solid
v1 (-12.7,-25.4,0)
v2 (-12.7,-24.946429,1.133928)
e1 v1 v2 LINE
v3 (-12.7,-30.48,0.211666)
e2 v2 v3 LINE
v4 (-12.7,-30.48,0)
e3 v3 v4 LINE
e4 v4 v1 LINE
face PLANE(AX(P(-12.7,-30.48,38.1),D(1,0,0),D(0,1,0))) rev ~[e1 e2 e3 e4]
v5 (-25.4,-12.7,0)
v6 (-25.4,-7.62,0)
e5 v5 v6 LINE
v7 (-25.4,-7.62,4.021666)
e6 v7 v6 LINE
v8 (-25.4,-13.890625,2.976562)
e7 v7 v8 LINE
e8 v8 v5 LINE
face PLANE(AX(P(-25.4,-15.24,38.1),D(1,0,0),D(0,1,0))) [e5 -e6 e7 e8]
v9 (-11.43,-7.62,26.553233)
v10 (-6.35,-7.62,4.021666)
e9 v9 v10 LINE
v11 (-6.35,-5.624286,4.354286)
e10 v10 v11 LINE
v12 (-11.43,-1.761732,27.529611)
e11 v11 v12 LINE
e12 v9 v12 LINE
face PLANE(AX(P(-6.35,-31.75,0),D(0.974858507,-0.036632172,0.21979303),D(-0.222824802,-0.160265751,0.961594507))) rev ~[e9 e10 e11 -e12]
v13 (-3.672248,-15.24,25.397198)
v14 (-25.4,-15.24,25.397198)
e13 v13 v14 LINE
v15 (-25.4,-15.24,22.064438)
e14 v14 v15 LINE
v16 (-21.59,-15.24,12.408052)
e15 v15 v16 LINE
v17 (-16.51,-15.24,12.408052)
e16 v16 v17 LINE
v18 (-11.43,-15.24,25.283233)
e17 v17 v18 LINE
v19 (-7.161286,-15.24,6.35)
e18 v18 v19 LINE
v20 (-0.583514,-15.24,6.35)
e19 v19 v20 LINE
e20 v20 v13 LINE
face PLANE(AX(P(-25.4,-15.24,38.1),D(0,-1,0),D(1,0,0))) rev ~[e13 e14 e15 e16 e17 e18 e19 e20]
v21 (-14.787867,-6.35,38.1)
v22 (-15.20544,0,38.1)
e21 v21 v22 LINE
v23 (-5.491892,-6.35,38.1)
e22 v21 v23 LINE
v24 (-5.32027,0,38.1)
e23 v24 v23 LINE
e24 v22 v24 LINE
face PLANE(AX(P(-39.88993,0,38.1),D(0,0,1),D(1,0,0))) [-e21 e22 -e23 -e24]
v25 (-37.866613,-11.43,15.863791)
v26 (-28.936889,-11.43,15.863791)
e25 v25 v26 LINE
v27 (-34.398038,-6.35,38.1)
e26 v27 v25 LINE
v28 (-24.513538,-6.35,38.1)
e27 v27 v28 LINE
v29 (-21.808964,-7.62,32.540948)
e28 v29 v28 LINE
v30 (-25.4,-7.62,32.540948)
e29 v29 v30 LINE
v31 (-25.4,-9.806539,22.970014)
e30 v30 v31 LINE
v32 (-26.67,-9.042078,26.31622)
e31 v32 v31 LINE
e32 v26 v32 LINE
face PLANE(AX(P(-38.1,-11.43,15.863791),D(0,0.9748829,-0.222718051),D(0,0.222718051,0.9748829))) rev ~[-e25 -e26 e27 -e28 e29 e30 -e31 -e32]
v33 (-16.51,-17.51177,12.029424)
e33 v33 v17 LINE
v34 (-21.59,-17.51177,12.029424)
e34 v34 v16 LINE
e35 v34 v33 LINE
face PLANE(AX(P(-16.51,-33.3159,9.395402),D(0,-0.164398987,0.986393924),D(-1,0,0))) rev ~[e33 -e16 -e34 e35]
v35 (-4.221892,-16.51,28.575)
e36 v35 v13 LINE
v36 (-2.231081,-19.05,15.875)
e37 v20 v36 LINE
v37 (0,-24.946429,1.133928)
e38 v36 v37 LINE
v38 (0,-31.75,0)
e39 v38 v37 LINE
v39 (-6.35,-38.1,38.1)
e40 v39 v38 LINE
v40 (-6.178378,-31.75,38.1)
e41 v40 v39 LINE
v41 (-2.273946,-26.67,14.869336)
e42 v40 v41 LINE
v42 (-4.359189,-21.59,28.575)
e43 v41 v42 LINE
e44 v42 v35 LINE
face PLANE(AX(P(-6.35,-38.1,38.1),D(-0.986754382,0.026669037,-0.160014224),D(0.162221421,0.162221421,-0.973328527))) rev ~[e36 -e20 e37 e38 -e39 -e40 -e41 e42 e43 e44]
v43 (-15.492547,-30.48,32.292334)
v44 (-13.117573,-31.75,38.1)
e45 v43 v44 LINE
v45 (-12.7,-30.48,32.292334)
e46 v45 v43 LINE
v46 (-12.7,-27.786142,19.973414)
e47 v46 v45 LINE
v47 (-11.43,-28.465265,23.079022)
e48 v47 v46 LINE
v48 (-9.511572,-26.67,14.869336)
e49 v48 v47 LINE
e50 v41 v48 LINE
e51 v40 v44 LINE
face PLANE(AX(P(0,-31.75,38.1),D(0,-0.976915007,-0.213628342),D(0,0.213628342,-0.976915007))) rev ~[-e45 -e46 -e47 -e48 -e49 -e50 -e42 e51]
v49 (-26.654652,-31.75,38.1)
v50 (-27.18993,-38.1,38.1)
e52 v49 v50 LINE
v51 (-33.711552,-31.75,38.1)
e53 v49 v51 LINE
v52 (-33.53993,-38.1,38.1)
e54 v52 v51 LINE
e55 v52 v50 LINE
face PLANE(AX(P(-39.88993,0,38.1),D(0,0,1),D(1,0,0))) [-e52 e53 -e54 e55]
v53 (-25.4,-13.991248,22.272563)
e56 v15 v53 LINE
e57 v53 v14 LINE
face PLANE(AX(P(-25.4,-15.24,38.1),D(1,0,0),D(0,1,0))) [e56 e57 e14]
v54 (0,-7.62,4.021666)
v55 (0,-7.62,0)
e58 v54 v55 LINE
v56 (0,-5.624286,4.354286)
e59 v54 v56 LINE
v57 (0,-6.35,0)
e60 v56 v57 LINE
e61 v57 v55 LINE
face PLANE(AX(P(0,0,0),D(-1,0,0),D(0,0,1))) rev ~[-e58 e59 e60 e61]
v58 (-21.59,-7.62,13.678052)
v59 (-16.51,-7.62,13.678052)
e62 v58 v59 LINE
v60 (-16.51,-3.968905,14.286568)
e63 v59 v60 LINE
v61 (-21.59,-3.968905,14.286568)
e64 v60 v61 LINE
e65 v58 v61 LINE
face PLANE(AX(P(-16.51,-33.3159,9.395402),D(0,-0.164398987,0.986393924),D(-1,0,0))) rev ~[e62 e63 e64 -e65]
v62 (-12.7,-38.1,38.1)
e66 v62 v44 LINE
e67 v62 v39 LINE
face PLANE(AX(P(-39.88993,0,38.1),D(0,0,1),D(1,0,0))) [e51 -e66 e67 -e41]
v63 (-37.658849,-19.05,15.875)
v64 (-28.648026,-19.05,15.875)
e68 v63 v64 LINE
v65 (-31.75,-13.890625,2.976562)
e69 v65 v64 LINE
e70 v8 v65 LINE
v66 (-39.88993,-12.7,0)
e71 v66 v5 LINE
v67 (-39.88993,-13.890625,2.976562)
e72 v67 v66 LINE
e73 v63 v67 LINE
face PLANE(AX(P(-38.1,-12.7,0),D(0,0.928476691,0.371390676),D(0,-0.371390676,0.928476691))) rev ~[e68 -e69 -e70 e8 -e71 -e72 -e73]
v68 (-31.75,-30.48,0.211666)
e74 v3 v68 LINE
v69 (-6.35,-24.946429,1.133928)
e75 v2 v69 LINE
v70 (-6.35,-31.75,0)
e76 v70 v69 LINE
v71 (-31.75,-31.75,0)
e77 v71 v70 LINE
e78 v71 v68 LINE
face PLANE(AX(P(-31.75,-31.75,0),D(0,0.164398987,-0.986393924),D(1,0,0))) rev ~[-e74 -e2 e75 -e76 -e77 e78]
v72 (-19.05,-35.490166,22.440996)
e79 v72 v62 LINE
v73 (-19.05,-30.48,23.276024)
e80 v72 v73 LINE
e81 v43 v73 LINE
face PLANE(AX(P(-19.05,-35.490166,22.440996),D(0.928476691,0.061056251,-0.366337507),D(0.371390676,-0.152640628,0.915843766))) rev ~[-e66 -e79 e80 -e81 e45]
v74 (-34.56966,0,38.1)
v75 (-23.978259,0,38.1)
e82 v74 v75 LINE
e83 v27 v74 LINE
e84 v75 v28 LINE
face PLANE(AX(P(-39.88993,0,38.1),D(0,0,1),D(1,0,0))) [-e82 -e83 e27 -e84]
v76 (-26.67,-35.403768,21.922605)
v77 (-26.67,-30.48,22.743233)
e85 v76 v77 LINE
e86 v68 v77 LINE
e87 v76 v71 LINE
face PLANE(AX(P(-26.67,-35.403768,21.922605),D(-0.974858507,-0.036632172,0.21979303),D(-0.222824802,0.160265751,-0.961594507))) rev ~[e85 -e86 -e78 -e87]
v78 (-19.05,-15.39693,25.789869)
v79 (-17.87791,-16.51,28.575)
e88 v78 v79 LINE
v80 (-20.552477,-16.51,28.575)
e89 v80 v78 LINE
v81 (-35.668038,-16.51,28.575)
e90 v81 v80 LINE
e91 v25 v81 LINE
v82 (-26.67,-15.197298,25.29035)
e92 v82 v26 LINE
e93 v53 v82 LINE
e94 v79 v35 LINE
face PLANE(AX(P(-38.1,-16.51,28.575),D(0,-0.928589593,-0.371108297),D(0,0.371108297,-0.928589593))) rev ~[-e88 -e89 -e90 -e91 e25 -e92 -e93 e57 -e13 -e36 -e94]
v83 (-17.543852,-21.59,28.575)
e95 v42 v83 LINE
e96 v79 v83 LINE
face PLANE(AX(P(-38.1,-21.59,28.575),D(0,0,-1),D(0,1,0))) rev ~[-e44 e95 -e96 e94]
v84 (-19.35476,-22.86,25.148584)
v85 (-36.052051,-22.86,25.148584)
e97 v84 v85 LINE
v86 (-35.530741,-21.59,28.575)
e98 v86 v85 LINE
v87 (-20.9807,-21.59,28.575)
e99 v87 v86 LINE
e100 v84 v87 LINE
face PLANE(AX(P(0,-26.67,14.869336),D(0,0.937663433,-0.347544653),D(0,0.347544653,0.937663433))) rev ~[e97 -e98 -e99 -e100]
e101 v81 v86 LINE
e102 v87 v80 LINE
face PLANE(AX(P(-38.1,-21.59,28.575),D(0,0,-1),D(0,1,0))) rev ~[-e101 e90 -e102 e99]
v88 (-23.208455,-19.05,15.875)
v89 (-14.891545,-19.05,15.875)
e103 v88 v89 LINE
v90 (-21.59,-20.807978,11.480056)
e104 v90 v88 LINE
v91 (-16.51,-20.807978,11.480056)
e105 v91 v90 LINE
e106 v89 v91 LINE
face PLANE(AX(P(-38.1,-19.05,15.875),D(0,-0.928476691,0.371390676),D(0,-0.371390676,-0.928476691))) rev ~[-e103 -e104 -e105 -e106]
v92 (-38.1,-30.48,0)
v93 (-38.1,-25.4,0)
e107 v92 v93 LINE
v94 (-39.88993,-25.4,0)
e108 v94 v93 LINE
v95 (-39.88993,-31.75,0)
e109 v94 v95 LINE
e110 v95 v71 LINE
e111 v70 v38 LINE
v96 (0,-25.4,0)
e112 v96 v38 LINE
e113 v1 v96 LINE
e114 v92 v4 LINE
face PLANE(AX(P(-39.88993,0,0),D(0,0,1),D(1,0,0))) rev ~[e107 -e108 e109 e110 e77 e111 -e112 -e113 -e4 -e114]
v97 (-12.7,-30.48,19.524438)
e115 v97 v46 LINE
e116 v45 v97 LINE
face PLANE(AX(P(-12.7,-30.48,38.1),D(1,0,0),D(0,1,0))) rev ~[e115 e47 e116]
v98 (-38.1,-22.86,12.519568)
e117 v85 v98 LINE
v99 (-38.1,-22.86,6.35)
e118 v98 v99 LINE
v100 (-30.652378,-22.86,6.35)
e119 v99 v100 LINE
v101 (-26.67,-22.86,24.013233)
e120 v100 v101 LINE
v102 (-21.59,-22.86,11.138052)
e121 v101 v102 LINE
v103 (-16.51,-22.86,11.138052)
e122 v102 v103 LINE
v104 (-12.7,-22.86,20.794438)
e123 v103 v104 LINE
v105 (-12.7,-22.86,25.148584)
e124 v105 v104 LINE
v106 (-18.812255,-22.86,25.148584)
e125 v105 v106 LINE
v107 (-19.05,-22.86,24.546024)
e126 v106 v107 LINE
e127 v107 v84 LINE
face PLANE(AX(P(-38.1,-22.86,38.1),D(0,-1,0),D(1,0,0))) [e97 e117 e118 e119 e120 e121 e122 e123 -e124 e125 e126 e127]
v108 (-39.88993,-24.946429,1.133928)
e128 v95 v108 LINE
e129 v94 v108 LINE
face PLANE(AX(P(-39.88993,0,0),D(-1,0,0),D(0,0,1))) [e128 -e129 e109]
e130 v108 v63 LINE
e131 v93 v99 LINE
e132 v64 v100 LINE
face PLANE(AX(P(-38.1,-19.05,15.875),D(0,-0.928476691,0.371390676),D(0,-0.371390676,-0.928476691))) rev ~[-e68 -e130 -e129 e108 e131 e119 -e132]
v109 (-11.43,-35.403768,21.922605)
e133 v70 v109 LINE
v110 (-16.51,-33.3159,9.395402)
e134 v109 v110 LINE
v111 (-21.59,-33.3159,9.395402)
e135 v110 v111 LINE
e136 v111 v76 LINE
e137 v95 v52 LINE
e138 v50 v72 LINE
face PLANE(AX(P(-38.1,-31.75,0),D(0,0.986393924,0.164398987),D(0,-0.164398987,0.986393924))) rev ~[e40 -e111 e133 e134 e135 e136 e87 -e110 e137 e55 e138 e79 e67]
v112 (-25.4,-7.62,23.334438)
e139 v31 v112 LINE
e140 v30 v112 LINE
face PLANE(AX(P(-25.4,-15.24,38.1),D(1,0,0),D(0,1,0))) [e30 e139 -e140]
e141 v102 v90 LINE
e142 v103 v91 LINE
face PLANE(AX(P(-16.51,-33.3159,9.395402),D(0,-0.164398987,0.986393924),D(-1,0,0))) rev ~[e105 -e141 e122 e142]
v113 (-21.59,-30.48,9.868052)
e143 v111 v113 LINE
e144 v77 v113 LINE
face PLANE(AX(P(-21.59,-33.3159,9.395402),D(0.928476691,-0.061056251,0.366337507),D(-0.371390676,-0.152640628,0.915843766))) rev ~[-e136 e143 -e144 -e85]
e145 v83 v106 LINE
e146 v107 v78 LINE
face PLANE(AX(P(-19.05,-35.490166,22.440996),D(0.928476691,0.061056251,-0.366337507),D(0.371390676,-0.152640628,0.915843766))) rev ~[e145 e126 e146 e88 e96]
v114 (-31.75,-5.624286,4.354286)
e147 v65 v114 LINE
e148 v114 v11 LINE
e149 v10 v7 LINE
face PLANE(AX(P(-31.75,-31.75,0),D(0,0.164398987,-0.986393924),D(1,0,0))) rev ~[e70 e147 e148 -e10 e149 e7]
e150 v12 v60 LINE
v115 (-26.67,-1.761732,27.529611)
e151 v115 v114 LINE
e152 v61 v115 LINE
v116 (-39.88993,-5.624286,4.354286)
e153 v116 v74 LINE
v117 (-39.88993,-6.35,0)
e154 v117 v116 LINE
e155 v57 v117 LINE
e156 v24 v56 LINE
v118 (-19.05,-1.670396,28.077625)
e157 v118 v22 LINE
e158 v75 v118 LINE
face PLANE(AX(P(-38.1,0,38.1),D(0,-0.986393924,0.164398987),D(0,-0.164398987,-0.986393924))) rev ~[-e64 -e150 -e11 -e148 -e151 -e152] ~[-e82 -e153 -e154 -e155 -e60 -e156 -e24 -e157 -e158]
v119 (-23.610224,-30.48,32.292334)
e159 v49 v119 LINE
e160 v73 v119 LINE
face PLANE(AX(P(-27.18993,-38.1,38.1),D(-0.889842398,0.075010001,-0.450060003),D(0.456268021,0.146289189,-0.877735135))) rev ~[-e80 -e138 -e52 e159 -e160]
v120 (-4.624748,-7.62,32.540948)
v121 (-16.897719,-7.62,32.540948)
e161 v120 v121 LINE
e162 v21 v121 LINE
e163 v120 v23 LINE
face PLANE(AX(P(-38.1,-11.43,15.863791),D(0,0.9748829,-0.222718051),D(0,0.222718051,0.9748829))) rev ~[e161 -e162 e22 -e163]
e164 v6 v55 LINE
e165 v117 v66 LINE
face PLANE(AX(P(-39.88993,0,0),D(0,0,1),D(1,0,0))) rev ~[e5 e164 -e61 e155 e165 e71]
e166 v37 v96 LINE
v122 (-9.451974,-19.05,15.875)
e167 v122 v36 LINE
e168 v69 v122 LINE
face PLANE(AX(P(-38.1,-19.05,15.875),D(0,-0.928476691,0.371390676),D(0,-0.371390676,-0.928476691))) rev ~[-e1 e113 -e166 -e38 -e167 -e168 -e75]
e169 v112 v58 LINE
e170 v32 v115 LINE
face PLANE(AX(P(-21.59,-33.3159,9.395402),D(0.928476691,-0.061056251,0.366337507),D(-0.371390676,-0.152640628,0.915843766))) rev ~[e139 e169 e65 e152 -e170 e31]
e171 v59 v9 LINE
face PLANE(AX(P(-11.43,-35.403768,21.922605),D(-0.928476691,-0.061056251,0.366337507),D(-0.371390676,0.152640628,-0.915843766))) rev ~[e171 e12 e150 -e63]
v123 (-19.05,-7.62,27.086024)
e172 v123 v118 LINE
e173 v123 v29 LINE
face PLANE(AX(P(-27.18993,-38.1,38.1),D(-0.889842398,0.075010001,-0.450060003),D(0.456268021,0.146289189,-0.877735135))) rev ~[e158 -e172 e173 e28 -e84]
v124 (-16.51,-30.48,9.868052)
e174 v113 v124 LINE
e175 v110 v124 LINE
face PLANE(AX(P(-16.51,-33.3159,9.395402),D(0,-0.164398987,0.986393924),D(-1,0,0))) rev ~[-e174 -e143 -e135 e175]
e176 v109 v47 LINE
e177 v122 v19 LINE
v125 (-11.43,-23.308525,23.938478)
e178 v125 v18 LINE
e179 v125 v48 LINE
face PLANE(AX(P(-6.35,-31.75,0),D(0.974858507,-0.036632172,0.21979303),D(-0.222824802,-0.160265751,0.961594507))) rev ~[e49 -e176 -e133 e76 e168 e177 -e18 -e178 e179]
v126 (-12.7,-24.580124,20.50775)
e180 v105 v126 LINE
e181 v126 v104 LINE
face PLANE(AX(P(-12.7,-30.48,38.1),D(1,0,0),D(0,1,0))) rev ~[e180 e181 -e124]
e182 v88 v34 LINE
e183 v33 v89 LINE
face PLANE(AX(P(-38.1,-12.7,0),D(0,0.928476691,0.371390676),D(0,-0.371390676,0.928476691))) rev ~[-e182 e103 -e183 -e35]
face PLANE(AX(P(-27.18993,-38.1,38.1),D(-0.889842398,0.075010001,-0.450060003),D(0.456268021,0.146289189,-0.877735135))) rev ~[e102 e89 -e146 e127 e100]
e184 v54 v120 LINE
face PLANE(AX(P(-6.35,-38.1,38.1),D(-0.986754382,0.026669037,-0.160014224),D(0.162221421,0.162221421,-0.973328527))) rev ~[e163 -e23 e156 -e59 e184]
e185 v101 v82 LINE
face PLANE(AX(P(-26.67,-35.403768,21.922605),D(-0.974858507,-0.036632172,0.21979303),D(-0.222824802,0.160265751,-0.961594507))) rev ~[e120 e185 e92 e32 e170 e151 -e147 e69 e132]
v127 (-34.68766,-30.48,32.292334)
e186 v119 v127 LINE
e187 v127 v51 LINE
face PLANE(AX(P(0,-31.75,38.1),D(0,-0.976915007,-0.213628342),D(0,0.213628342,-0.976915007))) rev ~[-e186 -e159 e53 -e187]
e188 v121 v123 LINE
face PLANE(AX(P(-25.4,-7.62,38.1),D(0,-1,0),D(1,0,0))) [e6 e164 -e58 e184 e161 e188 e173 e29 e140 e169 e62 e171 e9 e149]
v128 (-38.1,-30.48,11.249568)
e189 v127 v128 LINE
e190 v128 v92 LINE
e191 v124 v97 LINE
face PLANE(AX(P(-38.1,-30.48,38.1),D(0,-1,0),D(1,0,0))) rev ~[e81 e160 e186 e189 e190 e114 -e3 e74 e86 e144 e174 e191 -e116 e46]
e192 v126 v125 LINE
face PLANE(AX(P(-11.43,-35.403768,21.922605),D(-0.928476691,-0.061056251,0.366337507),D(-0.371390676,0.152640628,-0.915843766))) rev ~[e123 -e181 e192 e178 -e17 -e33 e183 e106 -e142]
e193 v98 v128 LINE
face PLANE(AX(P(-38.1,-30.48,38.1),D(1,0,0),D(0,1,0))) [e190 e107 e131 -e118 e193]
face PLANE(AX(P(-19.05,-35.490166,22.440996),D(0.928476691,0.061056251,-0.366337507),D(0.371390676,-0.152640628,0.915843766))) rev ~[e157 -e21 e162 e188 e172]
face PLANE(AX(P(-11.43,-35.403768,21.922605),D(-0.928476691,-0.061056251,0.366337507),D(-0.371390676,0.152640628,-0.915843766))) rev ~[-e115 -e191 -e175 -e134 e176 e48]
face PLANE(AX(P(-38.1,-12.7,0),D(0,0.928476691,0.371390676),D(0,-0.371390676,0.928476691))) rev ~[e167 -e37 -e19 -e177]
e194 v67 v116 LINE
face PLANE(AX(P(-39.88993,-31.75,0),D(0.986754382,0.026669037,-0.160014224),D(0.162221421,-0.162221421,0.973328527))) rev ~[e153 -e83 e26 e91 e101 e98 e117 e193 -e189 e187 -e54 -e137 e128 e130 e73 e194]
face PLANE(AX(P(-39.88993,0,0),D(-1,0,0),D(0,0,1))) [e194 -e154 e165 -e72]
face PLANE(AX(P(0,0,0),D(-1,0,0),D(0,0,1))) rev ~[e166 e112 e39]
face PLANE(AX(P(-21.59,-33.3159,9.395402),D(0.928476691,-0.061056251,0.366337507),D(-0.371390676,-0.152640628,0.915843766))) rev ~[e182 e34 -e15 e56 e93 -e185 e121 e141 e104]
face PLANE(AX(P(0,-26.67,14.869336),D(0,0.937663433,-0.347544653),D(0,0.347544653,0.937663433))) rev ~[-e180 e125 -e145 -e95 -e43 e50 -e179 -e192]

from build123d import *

# Parameters (mm, degrees)
F0_W     = 39.88993
F0_H     = 38.1
F1_DEPTH = 38.1
F3_DEPTH = 38.1
F4_DEPTH = 25.4
F6_DEPTH = 38.1
F8_W     = 25.4
F8_H     = 7.62
F9_DEPTH = 38.1


with BuildPart() as f1:
    # F0 (on Front) → F1 (new body)
    with BuildSketch(Plane.XZ):
        with Locations((-19.944965, 19.05)):
            Rectangle(F0_W, F0_H)
    extrude(amount=F1_DEPTH)

    # F2 (on face) → F3 (cut)
    with BuildSketch(Plane.YZ):
        Polygon((-6.35, 38.1), (-31.75, 38.1), (-26.67, 14.869336), (-21.59, 28.575), (-16.51, 28.575), (-11.43, 15.863791), align=None)
        Polygon((-31.75, 0), (-38.1, 38.1), (-38.1, 0), align=None)
        Polygon((-19.05, 15.875), (-25.4, 0), (-12.7, 0), align=None)
        Polygon((0, 0), (0, 38.1), (-6.35, 0), align=None)
    extrude(amount=-F3_DEPTH, mode=Mode.SUBTRACT)

    # F3_face (on face) → F4 (cut)
    with BuildSketch(Plane(origin=(-38.1, -19.167454, 30.46653), x_dir=(0, 1, 0), z_dir=(1, 0, 0))):
        Polygon((7.737454, -14.602739), (12.817454, 7.63347), (-12.582546, 7.63347), (-7.502546, -15.597195), (-2.422546, -1.89153), (2.657454, -1.89153), align=None)
        Polygon((-12.582546, -30.46653), (-18.932546, 7.63347), (-18.932546, -30.46653), align=None)
        Polygon((0.117454, -14.59153), (-6.232546, -30.46653), (6.467454, -30.46653), align=None)
        Polygon((19.167454, -30.46653), (19.167454, 7.63347), (12.817454, -30.46653), align=None)
    extrude(amount=-F4_DEPTH, mode=Mode.SUBTRACT)

    # F5 (on face) → F6 (cut)
    with BuildSketch(Plane(origin=(0, -30.891892, -5.148649), x_dir=(1, 0, 0), z_dir=(0, -0.986394, -0.164399))):
        Polygon((-12.7, 43.84521), (-27.18993, 43.84521), (-19.05, 27.97021), align=None)
        Polygon((-39.88993, 43.84521), (-39.88993, 5.219668), (-33.53993, 43.84521), align=None)
        Polygon((-26.67, 27.444668), (-31.75, 5.219668), (-6.35, 5.219668), (-11.43, 27.444668), (-16.51, 14.744668), (-21.59, 14.744668), align=None)
        Polygon((-6.35, 43.84521), (0, 5.219668), (0, 43.84521), align=None)
    extrude(amount=-F6_DEPTH, mode=Mode.SUBTRACT)

    # F8 (on offset) → F9 (cut)
    with BuildSketch(Plane.XY.offset(38.1)):
        with Locations((-12.7, -11.43)):
            Rectangle(F8_W, F8_H)
        with Locations((-25.4, -26.67)):
            Rectangle(F8_W, F8_H)
    extrude(amount=-F9_DEPTH, mode=Mode.SUBTRACT)


solid = f1.part
